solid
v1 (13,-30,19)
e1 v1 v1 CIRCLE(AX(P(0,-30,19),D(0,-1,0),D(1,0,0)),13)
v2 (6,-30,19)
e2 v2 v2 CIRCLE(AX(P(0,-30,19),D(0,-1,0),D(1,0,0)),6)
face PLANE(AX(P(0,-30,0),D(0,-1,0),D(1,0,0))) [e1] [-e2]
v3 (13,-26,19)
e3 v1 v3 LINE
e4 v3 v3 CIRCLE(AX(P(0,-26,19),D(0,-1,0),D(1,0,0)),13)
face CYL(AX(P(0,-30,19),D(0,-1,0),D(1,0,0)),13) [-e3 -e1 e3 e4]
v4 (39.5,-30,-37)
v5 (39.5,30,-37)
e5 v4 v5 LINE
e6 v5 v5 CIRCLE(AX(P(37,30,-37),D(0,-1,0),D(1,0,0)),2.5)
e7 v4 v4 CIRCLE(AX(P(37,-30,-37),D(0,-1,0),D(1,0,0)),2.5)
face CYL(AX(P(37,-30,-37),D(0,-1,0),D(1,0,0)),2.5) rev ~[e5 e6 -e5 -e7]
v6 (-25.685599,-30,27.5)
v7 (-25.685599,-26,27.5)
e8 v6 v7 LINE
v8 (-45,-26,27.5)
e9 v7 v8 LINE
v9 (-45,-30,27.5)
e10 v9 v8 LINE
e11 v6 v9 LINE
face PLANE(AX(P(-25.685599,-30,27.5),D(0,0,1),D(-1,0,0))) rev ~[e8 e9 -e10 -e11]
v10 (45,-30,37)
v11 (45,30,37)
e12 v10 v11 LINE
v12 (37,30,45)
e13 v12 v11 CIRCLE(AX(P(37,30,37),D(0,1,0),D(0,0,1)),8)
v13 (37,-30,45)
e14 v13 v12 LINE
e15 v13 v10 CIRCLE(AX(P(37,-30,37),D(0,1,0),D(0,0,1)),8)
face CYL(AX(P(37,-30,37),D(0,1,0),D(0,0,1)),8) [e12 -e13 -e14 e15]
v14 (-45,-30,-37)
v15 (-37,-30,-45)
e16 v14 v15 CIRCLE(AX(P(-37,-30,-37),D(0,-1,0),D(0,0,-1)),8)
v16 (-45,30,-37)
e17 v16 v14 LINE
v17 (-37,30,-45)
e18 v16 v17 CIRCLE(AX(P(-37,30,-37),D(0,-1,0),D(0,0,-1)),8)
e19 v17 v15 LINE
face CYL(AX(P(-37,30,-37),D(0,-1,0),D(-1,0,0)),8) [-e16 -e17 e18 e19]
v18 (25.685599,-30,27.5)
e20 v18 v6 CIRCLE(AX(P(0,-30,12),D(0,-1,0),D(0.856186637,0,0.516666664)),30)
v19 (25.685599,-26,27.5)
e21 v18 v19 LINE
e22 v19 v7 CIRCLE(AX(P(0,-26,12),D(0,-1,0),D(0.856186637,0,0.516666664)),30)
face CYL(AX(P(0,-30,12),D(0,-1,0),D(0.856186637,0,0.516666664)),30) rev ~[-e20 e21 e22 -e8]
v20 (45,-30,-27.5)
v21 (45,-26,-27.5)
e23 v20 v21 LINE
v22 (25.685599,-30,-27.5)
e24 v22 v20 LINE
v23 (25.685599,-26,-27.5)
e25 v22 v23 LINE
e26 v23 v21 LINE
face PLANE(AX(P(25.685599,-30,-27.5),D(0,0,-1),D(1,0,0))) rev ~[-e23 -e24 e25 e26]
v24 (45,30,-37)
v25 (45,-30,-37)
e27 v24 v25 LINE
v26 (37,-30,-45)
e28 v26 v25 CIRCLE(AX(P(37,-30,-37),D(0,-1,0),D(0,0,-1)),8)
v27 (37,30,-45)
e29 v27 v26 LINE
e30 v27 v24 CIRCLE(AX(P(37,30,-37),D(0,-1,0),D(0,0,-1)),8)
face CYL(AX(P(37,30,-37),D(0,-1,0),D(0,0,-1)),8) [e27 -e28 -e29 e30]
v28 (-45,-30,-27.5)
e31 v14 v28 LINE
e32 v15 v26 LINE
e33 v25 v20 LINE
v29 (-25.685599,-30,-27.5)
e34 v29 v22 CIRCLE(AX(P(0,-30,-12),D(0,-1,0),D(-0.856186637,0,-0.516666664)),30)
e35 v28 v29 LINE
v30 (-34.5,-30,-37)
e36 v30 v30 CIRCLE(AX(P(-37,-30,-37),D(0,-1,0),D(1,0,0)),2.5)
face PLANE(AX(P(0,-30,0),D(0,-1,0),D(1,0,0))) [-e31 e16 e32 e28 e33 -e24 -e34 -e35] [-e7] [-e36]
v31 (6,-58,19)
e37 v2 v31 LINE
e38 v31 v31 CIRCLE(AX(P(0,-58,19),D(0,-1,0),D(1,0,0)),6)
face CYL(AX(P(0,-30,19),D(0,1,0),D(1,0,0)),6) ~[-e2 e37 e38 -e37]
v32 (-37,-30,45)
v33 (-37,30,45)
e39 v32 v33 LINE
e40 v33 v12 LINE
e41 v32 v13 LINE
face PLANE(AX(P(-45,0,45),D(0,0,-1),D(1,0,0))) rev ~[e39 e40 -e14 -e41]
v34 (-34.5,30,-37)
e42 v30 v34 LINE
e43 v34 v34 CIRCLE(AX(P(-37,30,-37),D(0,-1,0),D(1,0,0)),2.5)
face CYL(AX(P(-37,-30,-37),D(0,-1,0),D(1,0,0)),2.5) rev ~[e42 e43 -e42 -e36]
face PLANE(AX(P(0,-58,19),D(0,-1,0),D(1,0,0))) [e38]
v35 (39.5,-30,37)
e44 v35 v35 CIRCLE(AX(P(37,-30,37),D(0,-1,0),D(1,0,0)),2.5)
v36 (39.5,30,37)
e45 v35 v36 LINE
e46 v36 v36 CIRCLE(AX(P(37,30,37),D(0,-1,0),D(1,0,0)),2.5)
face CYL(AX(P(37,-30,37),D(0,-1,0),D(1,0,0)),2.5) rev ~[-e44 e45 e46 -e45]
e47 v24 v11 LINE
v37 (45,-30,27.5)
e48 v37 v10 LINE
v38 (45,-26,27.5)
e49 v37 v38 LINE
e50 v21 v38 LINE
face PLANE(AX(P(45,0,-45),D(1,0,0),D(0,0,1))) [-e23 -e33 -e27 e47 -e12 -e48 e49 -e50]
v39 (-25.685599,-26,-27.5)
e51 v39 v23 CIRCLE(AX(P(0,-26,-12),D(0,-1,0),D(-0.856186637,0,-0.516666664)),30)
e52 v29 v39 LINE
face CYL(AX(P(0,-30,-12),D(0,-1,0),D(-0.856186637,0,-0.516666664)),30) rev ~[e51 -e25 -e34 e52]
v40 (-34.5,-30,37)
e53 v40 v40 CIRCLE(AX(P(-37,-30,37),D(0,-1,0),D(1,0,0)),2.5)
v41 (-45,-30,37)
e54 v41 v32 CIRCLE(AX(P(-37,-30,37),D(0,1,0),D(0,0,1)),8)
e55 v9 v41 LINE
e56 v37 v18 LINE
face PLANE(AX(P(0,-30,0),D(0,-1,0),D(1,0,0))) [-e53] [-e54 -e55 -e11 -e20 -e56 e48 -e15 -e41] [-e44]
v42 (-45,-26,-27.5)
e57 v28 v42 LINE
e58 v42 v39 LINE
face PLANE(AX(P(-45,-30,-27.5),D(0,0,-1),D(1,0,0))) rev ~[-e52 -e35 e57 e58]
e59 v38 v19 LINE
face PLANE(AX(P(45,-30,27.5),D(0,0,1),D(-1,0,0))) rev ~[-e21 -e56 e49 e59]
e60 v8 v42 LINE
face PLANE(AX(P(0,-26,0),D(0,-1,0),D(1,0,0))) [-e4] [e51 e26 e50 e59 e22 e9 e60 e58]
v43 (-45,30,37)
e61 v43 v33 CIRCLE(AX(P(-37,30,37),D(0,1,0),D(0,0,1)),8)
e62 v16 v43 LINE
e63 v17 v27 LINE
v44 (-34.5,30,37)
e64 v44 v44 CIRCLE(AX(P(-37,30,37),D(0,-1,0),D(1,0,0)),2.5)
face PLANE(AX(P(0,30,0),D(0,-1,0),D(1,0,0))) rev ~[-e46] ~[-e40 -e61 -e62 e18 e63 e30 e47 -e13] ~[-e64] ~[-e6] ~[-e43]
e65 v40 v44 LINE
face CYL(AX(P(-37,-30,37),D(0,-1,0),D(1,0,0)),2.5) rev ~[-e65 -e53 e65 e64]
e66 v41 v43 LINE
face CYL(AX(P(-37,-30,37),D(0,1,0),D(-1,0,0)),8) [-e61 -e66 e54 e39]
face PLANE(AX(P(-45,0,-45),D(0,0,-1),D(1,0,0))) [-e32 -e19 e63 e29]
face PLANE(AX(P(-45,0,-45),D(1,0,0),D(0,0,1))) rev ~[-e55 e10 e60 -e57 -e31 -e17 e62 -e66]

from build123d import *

# Parameters (mm, degrees)
F0_W          = 90
F0_H          = 90
F1_DEPTH      = 30
F1_DEPTH_BACK = 30
F2_R          = 13
F3_DEPTH      = 4
F2_R_2        = 2.5
F4_DEPTH      = 60
F2_R_3        = 6
F5_DEPTH      = 28
F6_R          = 8


with BuildPart() as f1:
    # F0 (on Front) → F1 (new body, two sides)
    with BuildSketch(Plane.XZ) as f1_sk:
        Rectangle(F0_W, F0_H)
    extrude(amount=F1_DEPTH)
    extrude(f1_sk.sketch, amount=-F1_DEPTH_BACK)

    # F2 (on face) → F3 (cut)
    with BuildSketch(Plane.XZ.offset(30)):
        with BuildLine():
            Line((-25.685599, 27.5), (-45, 27.5))
            Line((-45, 27.5), (-45, -27.5))
            Line((-45, -27.5), (-25.685599, -27.5))
            ThreePointArc((-25.685599, -27.5), (0, -42), (25.685599, -27.5))
            Line((25.685599, -27.5), (45, -27.5))
            Line((45, -27.5), (45, 27.5))
            Line((45, 27.5), (25.685599, 27.5))
            ThreePointArc((25.685599, 27.5), (0, 42), (-25.685599, 27.5))
        make_face()
        with Locations((0, 19)):
            Circle(F2_R, mode=Mode.SUBTRACT)
    extrude(amount=-F3_DEPTH, mode=Mode.SUBTRACT)

    # F2 (on face) → F4 (cut)
    with BuildSketch(Plane.XZ.offset(30)):
        with Locations((-37, 37)):
            Circle(F2_R_2)
        with Locations((37, 37)):
            Circle(F2_R_2)
        with Locations((37, -37)):
            Circle(F2_R_2)
        with Locations((-37, -37)):
            Circle(F2_R_2)
    extrude(amount=-F4_DEPTH, mode=Mode.SUBTRACT)

    # F2 (on face) → F5 (join)
    with BuildSketch(Plane.XZ.offset(30)):
        with Locations((0, 19)):
            Circle(F2_R_3)
    extrude(amount=F5_DEPTH)

    # F6
    f6_edges = [f1.edges().sort_by_distance(p)[0] for p in [
        (45, 0, 45),
        (45, 0, -45),
        (-45, 0, -45),
        (-45, 0, 45),
    ]]
    fillet(f6_edges, radius=F6_R)


solid = f1.part
